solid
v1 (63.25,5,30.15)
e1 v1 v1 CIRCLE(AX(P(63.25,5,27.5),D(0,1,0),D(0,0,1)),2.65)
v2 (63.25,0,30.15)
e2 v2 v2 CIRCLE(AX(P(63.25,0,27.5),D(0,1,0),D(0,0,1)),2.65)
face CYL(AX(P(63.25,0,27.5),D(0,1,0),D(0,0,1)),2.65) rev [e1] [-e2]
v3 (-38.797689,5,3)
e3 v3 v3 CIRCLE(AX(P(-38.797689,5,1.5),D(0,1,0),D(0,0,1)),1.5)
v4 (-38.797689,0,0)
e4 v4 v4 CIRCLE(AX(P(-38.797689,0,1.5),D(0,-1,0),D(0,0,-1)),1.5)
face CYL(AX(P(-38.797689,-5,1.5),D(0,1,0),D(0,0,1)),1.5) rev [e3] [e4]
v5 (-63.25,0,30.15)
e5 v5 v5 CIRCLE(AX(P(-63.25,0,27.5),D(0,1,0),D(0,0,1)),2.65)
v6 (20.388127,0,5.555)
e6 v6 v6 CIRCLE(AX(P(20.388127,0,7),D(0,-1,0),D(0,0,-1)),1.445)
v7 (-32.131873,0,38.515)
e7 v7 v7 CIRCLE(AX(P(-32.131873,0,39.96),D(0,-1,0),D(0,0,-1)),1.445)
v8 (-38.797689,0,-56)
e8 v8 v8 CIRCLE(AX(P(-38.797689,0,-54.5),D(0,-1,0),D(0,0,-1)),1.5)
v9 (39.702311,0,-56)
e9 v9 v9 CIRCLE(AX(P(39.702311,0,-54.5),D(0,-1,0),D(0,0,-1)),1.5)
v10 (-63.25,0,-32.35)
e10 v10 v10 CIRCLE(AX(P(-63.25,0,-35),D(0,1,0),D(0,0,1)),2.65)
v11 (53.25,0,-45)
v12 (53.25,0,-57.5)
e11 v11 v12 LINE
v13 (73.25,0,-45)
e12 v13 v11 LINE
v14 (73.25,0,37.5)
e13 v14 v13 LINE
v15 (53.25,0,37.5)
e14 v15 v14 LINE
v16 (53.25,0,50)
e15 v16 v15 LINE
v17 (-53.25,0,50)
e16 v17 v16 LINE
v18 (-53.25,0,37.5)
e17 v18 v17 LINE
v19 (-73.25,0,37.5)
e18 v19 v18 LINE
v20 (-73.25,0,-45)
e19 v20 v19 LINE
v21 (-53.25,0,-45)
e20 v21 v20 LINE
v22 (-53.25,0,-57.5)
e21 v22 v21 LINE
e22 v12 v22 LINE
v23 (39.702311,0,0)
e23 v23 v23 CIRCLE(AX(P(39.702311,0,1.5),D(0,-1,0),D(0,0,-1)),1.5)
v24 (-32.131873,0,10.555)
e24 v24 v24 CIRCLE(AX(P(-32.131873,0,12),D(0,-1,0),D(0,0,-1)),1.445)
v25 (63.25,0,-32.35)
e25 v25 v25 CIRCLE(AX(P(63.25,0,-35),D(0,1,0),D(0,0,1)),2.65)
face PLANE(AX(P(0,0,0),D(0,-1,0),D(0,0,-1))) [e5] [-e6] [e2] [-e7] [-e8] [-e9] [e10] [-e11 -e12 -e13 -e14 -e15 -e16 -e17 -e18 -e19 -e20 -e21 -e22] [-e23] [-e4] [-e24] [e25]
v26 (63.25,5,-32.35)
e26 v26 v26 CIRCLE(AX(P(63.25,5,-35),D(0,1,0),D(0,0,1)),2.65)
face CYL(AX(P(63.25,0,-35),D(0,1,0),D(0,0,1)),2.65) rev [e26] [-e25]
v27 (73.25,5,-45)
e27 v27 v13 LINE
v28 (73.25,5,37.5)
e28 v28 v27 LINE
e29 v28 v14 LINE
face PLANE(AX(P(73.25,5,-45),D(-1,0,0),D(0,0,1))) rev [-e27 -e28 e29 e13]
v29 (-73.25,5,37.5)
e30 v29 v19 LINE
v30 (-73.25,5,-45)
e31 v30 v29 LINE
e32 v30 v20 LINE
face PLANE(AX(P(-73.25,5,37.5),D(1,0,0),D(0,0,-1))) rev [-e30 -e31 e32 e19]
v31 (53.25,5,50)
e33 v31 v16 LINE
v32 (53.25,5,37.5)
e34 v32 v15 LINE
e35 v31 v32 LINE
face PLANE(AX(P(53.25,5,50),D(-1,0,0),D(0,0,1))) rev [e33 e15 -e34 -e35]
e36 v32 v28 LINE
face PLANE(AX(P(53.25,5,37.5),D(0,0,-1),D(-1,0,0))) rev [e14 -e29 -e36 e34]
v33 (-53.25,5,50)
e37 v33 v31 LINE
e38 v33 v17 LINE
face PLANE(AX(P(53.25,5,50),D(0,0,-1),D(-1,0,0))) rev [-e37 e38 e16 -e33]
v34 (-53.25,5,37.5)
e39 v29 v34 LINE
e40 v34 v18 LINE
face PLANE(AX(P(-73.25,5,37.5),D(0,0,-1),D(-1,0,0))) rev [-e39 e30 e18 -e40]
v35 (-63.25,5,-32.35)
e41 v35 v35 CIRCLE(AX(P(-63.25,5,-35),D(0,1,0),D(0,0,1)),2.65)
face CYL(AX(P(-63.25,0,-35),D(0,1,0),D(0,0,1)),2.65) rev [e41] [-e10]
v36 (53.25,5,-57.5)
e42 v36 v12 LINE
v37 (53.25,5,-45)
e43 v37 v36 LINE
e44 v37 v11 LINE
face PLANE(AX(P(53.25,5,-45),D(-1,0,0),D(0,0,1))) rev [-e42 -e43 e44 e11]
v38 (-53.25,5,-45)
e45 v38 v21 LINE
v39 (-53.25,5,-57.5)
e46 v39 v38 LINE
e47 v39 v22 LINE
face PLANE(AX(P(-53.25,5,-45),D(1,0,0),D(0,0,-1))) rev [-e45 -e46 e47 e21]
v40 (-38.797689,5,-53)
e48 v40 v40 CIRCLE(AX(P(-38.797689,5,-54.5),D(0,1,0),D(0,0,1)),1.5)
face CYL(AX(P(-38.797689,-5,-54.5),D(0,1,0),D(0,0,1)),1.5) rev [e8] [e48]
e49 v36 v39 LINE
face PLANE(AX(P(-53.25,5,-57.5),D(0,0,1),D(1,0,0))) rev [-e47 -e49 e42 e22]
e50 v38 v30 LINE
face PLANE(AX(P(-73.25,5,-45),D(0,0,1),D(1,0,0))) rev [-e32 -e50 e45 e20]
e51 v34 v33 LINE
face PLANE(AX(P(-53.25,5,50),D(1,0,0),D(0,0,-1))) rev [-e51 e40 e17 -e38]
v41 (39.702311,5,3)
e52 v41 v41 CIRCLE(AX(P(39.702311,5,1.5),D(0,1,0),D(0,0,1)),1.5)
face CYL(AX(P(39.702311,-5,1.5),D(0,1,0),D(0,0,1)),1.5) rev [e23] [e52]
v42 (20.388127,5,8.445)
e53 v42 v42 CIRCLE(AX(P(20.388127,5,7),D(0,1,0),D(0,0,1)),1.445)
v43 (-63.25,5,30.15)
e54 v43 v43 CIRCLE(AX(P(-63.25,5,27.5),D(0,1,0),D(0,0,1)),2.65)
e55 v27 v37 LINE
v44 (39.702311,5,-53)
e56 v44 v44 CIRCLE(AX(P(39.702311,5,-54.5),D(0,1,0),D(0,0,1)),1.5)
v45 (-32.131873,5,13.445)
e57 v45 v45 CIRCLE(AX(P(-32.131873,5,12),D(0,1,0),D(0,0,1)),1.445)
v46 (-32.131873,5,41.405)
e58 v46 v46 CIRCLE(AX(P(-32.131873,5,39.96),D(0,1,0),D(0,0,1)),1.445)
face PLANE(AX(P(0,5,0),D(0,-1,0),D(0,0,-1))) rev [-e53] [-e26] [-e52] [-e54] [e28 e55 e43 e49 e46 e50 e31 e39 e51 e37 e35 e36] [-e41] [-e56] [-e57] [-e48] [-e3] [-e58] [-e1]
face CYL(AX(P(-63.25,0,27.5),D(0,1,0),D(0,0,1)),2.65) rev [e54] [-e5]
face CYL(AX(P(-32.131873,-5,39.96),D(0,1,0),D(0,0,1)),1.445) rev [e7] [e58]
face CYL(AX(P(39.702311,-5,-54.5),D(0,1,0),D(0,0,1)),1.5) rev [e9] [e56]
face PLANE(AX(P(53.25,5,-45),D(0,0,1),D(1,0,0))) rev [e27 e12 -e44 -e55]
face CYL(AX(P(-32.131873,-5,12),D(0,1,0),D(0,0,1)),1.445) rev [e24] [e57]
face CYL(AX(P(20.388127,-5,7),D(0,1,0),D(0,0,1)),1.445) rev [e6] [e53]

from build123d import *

# Parameters (mm, degrees)
SALIENTE_EXTRUIR1_DEPTH = 5
CROQUIS2_R              = 2.65
CORTAR_EXTRUIR1_DEPTH   = 5
CROQUIS5_R              = 1.5
CROQUIS5_R_2            = 1.445
CORTAR_EXTRUIR2_DEPTH   = 10


with BuildPart() as part:
    # Croquis1 → Saliente-Extruir1 (new body)
    with BuildSketch(Plane(origin=(0, 0, 0), x_dir=(1, 0, 0), z_dir=(0, 1, 0))):
        Polygon((53.25, -50), (53.25, -37.5), (73.25, -37.5), (73.25, 45), (53.25, 45), (53.25, 57.5), (-53.25, 57.5), (-53.25, 45), (-73.25, 45), (-73.25, -37.5), (-53.25, -37.5), (-53.25, -50), align=None)
    extrude(amount=SALIENTE_EXTRUIR1_DEPTH)

    # Croquis2 → Cortar-Extruir1 (cut)
    with BuildSketch(Plane(origin=(0, 5, 0), x_dir=(1, 0, 0), z_dir=(0, 1, 0))):
        with Locations((-63.25, 35)):
            Circle(CROQUIS2_R)
        with Locations((-63.25, -27.5)):
            Circle(CROQUIS2_R)
        with Locations((63.25, 35)):
            Circle(CROQUIS2_R)
        with Locations((63.25, -27.5)):
            Circle(CROQUIS2_R)
    extrude(amount=-CORTAR_EXTRUIR1_DEPTH, mode=Mode.SUBTRACT)

    # Croquis5 → Cortar-Extruir2 (cut)
    with BuildSketch(Plane(origin=(0, 5, 0), x_dir=(1, 0, 0), z_dir=(0, 1, 0))):
        with Locations((-38.797689263, 54.5)):
            Circle(CROQUIS5_R)
        with Locations((39.702310737, 54.5)):
            Circle(CROQUIS5_R)
        with Locations((-38.797689263, -1.5)):
            Circle(CROQUIS5_R)
        with Locations((39.702310737, -1.5)):
            Circle(CROQUIS5_R)
        with Locations((-32.131872623, -39.96)):
            Circle(CROQUIS5_R_2)
        with Locations((-32.131872623, -12)):
            Circle(CROQUIS5_R_2)
        with Locations((20.388127377, -7)):
            Circle(CROQUIS5_R_2)
    extrude(amount=-CORTAR_EXTRUIR2_DEPTH, mode=Mode.SUBTRACT)


solid = part.part
